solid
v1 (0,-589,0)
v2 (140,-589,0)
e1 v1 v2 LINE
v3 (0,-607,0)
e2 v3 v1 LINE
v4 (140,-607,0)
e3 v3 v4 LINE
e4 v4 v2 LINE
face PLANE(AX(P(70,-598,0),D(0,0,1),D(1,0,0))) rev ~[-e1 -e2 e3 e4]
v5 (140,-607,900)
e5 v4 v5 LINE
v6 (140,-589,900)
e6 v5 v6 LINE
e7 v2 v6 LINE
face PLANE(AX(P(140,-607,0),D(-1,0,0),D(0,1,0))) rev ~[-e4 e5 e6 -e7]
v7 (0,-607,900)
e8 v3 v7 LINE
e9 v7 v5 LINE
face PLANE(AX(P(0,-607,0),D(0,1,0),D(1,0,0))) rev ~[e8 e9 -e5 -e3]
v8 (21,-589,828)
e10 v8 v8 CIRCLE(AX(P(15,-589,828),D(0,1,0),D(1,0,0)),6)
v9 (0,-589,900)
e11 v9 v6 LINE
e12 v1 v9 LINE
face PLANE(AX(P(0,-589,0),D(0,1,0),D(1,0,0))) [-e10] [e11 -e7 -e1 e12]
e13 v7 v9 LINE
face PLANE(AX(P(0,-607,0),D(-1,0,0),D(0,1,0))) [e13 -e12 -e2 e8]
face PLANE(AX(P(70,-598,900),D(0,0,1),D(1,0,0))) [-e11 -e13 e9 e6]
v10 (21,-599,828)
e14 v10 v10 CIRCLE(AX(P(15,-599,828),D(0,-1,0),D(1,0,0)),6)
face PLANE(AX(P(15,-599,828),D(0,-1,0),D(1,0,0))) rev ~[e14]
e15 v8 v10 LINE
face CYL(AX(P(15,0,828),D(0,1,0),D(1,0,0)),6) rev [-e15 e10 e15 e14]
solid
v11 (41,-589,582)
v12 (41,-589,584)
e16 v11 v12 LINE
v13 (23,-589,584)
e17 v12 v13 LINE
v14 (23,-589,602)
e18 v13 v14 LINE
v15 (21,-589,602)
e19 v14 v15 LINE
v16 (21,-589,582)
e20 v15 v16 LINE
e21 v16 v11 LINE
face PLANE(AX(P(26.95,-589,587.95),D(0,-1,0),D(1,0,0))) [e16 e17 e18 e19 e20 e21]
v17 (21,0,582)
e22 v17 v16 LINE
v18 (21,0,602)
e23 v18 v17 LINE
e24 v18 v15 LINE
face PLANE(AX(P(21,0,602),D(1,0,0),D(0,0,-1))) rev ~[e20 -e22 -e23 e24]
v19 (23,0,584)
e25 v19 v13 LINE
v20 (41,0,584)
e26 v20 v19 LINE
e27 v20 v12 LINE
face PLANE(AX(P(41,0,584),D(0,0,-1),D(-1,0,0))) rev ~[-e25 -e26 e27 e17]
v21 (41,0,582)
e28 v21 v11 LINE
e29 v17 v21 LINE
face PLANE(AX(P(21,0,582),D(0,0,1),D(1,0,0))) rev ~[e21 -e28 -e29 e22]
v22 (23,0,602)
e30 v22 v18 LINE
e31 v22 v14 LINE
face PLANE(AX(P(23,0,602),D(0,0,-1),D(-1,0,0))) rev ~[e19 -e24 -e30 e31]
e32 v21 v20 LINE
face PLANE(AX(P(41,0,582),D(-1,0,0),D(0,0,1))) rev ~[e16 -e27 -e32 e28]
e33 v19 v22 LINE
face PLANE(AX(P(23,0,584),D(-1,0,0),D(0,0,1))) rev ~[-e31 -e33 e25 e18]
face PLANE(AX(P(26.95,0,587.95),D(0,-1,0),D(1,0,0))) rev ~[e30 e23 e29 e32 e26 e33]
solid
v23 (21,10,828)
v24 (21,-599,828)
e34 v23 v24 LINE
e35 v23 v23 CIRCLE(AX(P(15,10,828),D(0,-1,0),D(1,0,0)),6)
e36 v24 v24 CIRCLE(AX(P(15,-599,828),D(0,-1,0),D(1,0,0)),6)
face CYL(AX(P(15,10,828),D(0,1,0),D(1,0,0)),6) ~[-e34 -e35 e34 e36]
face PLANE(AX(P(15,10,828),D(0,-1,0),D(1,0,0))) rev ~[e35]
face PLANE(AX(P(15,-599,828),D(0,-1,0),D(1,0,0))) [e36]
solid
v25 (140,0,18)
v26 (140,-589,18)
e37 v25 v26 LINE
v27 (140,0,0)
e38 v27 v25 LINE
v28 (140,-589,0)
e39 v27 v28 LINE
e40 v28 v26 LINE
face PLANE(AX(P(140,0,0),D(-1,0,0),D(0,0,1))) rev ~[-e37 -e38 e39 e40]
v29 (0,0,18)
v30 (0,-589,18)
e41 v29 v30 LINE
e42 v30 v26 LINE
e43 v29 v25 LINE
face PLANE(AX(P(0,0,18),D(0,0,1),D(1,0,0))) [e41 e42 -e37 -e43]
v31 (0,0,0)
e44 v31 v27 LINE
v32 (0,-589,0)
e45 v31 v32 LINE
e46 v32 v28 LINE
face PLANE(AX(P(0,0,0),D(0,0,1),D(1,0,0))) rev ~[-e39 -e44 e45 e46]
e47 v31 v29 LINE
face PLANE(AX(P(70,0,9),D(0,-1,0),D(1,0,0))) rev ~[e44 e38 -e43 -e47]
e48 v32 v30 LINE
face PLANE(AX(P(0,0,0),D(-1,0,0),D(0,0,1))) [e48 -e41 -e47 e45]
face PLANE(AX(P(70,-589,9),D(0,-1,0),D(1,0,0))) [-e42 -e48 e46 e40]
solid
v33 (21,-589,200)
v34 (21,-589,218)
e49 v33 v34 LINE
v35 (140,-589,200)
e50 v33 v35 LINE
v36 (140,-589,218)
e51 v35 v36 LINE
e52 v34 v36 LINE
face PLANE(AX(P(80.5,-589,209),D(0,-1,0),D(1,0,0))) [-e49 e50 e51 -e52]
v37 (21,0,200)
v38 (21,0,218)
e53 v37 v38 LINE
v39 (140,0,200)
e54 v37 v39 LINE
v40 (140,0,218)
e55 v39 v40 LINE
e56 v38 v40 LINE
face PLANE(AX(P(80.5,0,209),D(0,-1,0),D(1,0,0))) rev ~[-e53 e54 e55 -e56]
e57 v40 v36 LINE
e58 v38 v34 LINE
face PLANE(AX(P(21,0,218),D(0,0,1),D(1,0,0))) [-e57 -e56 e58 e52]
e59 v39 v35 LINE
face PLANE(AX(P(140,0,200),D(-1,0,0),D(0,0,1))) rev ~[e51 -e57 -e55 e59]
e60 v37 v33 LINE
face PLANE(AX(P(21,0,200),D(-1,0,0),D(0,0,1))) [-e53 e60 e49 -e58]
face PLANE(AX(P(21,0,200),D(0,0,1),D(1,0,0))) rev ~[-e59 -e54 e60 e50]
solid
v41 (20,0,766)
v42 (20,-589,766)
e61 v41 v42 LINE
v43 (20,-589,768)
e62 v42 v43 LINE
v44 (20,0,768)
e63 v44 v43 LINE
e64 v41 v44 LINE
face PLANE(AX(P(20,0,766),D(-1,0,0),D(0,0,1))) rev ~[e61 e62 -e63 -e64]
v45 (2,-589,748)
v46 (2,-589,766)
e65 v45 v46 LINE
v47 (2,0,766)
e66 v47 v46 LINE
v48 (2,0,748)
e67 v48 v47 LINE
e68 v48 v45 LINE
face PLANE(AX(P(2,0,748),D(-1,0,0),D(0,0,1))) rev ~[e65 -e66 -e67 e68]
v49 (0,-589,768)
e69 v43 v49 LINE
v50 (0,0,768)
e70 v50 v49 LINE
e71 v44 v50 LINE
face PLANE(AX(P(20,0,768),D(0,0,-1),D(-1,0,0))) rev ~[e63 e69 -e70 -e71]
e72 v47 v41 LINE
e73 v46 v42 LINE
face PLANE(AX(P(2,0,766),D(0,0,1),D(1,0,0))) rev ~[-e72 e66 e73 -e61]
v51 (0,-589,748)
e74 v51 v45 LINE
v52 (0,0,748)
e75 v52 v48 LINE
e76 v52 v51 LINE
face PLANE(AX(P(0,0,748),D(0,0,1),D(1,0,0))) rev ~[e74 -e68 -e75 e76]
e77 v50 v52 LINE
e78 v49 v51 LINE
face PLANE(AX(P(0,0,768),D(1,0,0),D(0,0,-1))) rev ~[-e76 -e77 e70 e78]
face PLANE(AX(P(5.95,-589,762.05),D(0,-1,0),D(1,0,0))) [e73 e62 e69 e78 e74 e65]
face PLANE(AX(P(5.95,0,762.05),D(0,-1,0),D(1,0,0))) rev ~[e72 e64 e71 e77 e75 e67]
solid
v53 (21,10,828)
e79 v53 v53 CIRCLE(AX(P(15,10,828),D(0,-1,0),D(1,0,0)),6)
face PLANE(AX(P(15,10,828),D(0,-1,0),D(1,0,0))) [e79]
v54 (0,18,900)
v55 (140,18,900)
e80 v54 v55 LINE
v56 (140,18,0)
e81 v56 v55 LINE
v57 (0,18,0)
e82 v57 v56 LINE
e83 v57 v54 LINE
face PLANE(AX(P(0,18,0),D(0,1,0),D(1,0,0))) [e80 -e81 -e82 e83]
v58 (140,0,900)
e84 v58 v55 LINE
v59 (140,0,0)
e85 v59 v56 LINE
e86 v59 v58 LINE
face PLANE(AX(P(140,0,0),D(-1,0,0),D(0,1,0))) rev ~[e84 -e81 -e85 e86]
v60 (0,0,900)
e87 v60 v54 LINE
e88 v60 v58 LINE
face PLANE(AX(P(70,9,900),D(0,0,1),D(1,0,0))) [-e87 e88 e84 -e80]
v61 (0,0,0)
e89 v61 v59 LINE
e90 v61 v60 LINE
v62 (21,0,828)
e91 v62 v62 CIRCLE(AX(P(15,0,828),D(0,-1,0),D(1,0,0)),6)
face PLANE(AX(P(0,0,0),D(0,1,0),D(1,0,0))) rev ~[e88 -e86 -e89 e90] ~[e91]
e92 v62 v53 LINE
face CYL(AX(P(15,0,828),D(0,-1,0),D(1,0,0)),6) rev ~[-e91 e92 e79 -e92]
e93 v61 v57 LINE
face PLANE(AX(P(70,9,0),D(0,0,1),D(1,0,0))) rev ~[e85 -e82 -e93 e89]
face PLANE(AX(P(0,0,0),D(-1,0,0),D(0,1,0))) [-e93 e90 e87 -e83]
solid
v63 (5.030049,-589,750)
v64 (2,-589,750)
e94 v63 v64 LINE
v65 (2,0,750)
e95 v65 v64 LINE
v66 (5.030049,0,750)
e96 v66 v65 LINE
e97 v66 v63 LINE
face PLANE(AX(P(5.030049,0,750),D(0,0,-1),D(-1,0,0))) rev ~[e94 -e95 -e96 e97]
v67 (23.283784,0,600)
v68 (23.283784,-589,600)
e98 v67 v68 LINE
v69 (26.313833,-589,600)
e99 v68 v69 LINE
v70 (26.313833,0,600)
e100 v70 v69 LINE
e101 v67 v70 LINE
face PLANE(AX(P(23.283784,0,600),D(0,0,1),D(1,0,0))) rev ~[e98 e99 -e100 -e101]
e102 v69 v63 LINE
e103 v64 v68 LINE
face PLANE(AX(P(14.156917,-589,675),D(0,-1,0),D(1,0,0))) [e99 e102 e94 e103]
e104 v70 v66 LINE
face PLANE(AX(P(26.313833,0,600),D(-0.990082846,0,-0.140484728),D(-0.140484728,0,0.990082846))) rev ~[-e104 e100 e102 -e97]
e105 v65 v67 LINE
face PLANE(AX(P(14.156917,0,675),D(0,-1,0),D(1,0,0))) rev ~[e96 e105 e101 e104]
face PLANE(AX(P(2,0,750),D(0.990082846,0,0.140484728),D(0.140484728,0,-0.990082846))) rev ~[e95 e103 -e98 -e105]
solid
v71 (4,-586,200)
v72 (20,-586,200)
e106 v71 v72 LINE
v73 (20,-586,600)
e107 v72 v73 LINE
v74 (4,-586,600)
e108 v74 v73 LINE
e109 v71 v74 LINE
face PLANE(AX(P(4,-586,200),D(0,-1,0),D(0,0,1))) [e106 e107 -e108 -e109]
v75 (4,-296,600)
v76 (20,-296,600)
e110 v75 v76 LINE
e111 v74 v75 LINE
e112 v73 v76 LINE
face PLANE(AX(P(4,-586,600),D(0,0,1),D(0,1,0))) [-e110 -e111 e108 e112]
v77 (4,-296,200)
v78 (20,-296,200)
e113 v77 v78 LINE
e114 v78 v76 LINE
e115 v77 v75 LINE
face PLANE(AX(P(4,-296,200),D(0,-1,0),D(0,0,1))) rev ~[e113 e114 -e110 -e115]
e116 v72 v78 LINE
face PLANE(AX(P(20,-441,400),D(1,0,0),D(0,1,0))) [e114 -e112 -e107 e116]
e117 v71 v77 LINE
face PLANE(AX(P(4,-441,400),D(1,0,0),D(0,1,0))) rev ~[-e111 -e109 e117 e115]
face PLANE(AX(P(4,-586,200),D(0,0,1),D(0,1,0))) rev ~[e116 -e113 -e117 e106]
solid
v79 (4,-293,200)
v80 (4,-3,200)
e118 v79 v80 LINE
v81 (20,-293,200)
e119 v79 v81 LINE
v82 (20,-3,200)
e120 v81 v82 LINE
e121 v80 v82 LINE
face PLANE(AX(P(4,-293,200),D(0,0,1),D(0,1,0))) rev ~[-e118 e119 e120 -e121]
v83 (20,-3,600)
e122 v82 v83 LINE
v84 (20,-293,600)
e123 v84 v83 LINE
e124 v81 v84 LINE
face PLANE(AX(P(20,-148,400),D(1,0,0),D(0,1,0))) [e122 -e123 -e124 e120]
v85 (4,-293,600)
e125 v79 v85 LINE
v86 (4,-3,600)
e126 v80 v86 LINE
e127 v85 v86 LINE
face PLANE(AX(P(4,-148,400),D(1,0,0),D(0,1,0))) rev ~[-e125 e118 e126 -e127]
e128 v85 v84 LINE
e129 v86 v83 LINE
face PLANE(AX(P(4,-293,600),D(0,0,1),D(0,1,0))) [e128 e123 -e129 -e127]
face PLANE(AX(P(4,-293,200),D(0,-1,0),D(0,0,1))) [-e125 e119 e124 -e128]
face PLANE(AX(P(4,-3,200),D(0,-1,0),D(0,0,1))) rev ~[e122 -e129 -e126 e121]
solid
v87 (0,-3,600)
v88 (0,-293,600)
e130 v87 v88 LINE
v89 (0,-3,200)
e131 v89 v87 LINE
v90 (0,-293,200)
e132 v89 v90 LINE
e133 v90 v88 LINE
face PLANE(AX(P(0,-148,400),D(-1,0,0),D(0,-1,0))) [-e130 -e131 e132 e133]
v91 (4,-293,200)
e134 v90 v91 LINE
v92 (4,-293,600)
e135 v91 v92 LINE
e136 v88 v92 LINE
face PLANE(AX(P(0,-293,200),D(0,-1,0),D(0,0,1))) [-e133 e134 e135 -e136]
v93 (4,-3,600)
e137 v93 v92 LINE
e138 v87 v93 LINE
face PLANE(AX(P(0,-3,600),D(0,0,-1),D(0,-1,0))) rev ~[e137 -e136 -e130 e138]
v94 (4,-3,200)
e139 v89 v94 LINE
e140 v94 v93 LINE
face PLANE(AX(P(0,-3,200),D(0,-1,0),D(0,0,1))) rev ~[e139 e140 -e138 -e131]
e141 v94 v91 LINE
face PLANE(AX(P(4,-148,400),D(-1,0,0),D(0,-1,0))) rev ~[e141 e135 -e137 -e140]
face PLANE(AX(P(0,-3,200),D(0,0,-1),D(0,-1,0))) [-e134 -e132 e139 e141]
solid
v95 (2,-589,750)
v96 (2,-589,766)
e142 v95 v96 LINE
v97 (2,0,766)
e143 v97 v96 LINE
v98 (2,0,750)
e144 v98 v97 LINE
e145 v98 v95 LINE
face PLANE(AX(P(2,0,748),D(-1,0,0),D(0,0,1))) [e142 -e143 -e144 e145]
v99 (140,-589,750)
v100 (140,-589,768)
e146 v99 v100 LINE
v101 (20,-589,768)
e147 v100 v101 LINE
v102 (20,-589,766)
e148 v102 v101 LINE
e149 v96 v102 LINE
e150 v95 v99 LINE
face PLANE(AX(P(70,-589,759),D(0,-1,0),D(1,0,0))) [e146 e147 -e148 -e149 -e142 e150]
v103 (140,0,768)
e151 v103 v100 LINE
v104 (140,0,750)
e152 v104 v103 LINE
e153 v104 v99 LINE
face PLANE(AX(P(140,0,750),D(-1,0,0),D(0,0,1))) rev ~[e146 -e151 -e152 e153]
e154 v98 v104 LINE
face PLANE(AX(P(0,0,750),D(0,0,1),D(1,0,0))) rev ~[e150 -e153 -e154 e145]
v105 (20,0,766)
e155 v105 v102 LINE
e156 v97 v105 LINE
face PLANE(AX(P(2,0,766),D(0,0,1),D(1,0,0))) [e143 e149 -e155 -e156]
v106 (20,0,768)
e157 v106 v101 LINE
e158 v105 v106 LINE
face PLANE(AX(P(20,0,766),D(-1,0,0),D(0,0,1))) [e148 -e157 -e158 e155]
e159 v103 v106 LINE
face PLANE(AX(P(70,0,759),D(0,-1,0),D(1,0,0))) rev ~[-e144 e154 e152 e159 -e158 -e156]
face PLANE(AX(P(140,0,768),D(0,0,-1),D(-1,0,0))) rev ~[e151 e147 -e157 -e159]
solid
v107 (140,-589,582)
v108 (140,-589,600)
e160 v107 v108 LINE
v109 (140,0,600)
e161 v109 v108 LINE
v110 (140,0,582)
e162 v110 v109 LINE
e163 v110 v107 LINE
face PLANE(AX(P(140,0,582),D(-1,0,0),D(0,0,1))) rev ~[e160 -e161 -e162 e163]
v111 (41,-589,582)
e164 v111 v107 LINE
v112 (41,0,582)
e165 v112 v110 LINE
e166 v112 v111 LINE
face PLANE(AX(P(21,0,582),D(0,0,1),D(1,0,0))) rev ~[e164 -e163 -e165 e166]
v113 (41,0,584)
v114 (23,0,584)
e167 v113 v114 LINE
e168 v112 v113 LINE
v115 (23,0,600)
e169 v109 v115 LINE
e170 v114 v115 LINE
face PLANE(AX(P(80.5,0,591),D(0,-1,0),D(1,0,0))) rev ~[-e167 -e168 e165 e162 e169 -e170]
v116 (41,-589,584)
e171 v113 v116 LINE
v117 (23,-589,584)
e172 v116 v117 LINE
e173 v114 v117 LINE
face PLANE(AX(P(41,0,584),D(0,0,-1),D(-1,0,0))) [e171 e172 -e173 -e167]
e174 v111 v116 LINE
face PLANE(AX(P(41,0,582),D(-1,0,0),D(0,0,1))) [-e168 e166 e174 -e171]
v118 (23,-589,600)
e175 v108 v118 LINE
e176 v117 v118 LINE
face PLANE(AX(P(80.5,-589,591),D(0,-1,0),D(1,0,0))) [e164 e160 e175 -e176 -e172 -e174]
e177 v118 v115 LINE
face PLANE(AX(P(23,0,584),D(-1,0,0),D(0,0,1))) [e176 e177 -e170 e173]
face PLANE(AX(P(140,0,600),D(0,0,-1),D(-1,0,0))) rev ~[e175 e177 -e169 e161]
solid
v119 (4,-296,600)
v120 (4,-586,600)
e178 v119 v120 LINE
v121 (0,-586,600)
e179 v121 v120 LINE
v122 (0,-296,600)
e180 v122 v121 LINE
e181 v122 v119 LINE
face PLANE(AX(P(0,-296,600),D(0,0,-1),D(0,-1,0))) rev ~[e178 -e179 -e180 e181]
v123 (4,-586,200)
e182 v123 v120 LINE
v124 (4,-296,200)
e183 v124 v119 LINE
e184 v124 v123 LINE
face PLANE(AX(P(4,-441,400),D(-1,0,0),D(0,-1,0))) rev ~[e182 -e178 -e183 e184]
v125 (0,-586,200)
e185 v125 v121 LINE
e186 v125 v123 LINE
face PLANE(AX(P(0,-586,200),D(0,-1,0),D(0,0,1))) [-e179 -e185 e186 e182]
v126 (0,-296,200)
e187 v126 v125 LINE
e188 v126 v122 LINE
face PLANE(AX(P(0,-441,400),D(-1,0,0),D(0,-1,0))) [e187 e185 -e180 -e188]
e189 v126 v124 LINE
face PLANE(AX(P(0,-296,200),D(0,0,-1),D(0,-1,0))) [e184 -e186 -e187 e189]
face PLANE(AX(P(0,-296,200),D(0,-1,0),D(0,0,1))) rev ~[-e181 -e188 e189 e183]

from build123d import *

# Parameters (mm, degrees)
F0_W           = 140
F0_H           = 18
F1_DEPTH       = 589
F2_W           = 140
F2_H           = 18
F3_DEPTH       = 900
F4_W           = 119
F4_H           = 18
F5_DEPTH       = 589
F7_DEPTH       = 589
F9_DEPTH       = 589
F11_DEPTH      = 589
F12_R          = 6
F13_DEPTH      = 10
F13_DEPTH_BACK = 599
F14_R          = 6
F15_DEPTH      = 609
F16_W          = 290
F16_H          = 400
F17_DEPTH      = 4
F18_W          = 290
F18_H          = 400
F19_DEPTH      = 16


with BuildPart() as f1:
    # F0 (on Front) → F1 (new body)
    with BuildSketch(Plane.XZ):
        with Locations((70, 9)):
            Rectangle(F0_W, F0_H)
    extrude(amount=F1_DEPTH)


with BuildPart() as f3:
    # F2 (on Top) → F3 (new body)
    with BuildSketch(Plane.XY):
        with Locations((70, 9)):
            Rectangle(F2_W, F2_H)
    extrude(amount=F3_DEPTH)


with BuildPart() as f3b:
    # F2 (on Top) → F3, piece 2 (new body)
    with BuildSketch(Plane.XY):
        with Locations((70, -598)):
            Rectangle(F2_W, F2_H)
    extrude(amount=F3_DEPTH)


with BuildPart() as f5:
    # F4 (on face) → F5 (new body, through all)
    with BuildSketch(Plane.XZ):
        with Locations((80.5, 209)):
            Rectangle(F4_W, F4_H)
    extrude(amount=F5_DEPTH)


with BuildPart() as f5b:
    # F4 (on face) → F5, piece 2 (new body, through all)
    with BuildSketch(Plane.XZ):
        Polygon((140, 582), (140, 600), (31, 600), (26, 600), (21, 600), (21, 582), align=None)
    extrude(amount=F5_DEPTH)


with BuildPart() as f5c:
    # F4 (on face) → F5, piece 3 (new body, through all)
    with BuildSketch(Plane.XZ):
        Polygon((140, 750), (140, 768), (0, 768), (0, 750), (26, 750), (31, 750), align=None)
    extrude(amount=F5_DEPTH)


with BuildPart() as f7_tool:
    # F6 (on face) → F7 (new body, through all)
    with BuildSketch(Plane.XZ):
        Polygon((21, 602), (21, 582), (41, 582), (41, 584), (23, 584), (23, 602), align=None)
        Polygon((20, 768), (0, 768), (0, 748), (2, 748), (2, 766), (20, 766), align=None)
    extrude(amount=F7_DEPTH)


with BuildPart() as f5b_1:
    add(f5b.part)

    # F7: cut by f7_tool
    add(f7_tool.part, mode=Mode.SUBTRACT)


with BuildPart() as f5c_1:
    add(f5c.part)

    # F7: cut by f7_tool
    add(f7_tool.part, mode=Mode.SUBTRACT)


with BuildPart() as f9:
    # F8 (on face) → F9 (new body, through all)
    with BuildSketch(Plane.XZ):
        Polygon((21, 602), (21, 582), (41, 582), (41, 584), (23, 584), (23, 602), align=None)
    extrude(amount=F9_DEPTH)


with BuildPart() as f9b:
    # F8 (on face) → F9, piece 2 (new body, through all)
    with BuildSketch(Plane.XZ):
        Polygon((20, 766), (20, 768), (0, 768), (0, 748), (2, 748), (2, 766), align=None)
    extrude(amount=F9_DEPTH)


with BuildPart() as f11:
    # F10 (on face) → F11 (new body, through all)
    with BuildSketch(Plane.XZ):
        Polygon((5.0300494684, 750), (2, 750), (23.2837837838, 600), (26.3138332522, 600), align=None)
    extrude(amount=F11_DEPTH)


with BuildPart() as f13_tool:
    # F12 (on face) → F13 (new body, two sides)
    with BuildSketch(Plane.XZ) as f13_sk:
        with Locations((15, 828)):
            Circle(F12_R)
    extrude(amount=-F13_DEPTH)
    extrude(f13_sk.sketch, amount=F13_DEPTH_BACK)


with BuildPart() as f3_1:
    add(f3.part)

    # F13: cut by f13_tool
    add(f13_tool.part, mode=Mode.SUBTRACT)


with BuildPart() as f3b_1:
    add(f3b.part)

    # F13: cut by f13_tool
    add(f13_tool.part, mode=Mode.SUBTRACT)


with BuildPart() as f15:
    # F14 (on face) → F15 (new body, through all)
    with BuildSketch(Plane.XZ.offset(-10)):
        with Locations((15, 828)):
            Circle(F14_R)
    extrude(amount=F15_DEPTH)


with BuildPart() as f17:
    # F16 (on face) → F17 (new body)
    with BuildSketch(Plane(origin=(0, 0, 0), x_dir=(0, -1, 0), z_dir=(-1, 0, 0))):
        with Locations((441, 400)):
            Rectangle(F16_W, F16_H)
    extrude(amount=-F17_DEPTH)


with BuildPart() as f17b:
    # F16 (on face) → F17, piece 2 (new body)
    with BuildSketch(Plane(origin=(0, 0, 0), x_dir=(0, -1, 0), z_dir=(-1, 0, 0))):
        with Locations((148, 400)):
            Rectangle(F16_W, F16_H)
    extrude(amount=-F17_DEPTH)


with BuildPart() as f19:
    # F18 (on face) → F19 (new body)
    with BuildSketch(Plane.YZ.offset(4)):
        with Locations((-441, 400)):
            Rectangle(F18_W, F18_H)
    extrude(amount=F19_DEPTH)


with BuildPart() as f19b:
    # F18 (on face) → F19, piece 2 (new body)
    with BuildSketch(Plane.YZ.offset(4)):
        with Locations((-148, 400)):
            Rectangle(F18_W, F18_H)
    extrude(amount=F19_DEPTH)


solid = Compound([f1.part, f5.part, f5b_1.part, f5c_1.part, f9.part, f9b.part, f11.part, f3_1.part, f3b_1.part, f15.part, f17.part, f17b.part, f19.part, f19b.part])
